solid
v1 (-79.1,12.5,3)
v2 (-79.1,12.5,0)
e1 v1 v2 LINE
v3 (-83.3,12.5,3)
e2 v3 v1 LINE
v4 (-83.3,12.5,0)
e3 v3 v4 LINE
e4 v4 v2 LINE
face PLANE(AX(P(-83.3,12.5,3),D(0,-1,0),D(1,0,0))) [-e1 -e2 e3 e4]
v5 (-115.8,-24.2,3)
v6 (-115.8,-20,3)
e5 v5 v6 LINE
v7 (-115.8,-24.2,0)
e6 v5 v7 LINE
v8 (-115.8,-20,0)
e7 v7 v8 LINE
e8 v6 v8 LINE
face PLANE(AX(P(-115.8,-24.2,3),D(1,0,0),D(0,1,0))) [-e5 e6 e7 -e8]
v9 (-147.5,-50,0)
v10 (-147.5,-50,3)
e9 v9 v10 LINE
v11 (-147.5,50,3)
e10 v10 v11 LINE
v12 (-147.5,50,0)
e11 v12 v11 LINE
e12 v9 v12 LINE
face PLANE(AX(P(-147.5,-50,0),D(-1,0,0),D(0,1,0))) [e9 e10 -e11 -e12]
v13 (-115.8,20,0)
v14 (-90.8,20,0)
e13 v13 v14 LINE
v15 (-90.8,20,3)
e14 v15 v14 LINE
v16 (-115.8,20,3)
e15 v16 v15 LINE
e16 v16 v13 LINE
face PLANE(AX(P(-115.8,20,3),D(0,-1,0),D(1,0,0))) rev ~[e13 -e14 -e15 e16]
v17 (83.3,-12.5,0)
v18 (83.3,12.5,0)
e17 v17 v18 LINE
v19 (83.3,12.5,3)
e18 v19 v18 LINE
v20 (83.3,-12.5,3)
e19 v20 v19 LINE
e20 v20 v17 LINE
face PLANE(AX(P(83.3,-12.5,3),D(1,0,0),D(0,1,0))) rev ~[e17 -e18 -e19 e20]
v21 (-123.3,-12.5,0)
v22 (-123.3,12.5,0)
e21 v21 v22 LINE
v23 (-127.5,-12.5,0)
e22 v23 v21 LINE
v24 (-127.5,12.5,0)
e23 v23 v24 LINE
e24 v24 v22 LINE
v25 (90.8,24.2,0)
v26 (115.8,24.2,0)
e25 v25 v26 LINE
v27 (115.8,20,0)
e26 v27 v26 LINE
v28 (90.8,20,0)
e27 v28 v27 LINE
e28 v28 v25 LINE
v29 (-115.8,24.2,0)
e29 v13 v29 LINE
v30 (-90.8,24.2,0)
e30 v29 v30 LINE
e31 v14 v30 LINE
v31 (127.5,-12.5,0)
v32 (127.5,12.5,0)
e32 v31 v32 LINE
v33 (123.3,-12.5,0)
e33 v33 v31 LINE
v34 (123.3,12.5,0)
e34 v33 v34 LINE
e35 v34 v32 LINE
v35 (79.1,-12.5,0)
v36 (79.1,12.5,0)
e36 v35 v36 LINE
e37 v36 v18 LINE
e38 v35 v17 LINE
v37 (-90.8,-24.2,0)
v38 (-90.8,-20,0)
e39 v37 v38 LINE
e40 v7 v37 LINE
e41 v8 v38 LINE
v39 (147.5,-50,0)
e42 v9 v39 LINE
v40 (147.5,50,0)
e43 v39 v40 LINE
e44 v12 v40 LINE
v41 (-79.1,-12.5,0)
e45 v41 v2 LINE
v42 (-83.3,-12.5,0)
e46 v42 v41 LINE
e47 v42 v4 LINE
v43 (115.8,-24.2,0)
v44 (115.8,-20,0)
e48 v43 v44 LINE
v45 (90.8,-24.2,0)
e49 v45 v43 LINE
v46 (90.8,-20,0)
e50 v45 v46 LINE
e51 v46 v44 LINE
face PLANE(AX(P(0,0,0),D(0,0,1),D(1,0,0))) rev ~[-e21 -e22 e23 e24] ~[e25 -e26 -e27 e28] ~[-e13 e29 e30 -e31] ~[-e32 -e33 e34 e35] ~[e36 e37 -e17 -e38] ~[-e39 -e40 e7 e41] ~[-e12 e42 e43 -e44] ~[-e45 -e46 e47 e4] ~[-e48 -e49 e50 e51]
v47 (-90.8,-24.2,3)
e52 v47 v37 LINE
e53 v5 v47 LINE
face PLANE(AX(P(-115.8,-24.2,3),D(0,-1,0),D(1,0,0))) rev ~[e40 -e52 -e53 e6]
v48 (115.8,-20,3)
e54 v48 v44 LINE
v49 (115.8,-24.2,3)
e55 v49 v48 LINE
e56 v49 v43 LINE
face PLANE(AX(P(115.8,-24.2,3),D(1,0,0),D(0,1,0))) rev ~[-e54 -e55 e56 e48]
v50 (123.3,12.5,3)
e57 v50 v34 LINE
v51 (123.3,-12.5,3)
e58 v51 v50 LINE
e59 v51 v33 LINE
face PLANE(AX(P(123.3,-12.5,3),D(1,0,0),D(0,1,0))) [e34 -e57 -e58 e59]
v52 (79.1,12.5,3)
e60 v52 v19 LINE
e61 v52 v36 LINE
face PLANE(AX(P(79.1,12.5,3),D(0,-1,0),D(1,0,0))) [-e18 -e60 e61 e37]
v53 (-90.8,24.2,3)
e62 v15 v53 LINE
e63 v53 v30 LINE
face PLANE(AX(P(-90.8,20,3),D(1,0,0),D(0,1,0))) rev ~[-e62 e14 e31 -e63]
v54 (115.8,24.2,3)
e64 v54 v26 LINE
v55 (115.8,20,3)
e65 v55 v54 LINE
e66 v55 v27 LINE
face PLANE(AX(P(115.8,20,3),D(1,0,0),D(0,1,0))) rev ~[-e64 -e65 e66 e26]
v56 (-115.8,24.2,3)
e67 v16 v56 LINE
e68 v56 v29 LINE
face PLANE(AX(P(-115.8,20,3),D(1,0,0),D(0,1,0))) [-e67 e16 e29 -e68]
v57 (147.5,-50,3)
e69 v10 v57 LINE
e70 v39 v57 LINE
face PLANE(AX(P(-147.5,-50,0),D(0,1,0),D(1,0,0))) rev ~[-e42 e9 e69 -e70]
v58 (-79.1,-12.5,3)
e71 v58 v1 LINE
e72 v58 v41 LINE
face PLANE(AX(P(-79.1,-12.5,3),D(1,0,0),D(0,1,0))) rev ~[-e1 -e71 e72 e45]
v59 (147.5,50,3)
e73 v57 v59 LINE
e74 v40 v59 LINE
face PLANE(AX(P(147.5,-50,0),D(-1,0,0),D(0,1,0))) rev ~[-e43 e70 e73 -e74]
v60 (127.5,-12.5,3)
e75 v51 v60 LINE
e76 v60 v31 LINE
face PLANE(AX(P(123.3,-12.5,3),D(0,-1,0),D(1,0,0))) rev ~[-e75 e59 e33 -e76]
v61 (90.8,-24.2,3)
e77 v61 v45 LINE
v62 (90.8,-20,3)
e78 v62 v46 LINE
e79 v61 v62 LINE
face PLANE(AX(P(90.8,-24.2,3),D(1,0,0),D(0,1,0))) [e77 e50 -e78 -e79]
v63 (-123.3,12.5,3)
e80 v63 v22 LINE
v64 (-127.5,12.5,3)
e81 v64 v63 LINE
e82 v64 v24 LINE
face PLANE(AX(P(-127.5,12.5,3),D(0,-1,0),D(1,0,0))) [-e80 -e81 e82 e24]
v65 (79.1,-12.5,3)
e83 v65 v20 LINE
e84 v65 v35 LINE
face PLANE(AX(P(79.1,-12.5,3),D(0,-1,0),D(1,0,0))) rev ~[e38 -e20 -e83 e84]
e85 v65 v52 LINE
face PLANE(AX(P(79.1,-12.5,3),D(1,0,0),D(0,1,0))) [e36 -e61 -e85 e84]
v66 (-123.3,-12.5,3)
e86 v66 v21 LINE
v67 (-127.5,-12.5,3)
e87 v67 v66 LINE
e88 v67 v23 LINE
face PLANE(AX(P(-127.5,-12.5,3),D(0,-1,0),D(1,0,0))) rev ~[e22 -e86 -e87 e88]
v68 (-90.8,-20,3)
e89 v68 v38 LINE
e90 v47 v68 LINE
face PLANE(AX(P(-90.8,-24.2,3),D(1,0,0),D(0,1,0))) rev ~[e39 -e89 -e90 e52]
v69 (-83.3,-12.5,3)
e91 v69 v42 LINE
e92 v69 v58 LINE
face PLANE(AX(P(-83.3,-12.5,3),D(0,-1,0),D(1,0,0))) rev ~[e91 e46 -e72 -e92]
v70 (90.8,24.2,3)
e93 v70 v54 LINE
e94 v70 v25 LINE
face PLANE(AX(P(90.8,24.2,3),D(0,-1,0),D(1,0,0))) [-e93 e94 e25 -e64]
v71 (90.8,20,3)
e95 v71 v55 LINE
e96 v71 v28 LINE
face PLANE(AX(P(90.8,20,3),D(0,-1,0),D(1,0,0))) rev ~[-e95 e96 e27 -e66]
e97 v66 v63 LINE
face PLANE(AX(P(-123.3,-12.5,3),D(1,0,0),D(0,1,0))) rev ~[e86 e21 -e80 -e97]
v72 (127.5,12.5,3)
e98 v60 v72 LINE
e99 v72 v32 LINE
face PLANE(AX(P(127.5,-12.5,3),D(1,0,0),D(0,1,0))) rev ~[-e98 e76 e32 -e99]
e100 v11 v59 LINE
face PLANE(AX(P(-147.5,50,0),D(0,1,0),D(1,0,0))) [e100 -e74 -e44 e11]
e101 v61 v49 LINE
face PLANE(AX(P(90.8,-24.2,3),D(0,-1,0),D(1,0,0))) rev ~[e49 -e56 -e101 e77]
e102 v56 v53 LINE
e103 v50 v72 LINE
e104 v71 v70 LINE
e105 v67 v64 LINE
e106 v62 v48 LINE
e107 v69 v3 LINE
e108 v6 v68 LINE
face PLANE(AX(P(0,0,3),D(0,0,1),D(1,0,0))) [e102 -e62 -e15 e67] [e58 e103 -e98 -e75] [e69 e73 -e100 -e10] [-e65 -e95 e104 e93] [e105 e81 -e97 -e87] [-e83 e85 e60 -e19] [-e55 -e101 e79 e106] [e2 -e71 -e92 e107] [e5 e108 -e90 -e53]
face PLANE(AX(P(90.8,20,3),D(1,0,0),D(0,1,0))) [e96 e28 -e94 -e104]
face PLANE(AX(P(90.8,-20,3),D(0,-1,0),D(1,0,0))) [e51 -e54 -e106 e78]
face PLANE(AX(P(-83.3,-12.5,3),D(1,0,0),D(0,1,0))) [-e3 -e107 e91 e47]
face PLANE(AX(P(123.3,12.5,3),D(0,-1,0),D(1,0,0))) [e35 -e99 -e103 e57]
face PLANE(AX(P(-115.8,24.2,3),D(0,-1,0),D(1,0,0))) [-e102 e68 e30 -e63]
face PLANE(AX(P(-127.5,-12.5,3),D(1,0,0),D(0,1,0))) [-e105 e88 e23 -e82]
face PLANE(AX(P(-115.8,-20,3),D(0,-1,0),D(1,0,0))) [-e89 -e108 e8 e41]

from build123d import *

# Parameters (mm, degrees)
ESBO_O1_W                = 295
ESBO_O1_H                = 100
RESSALTO_EXTRUS_O1_DEPTH = 3
ESBO_O2_W                = 4.2
ESBO_O2_H                = 25
ESBO_O2_W_2              = 25
ESBO_O2_H_2              = 4.2
CORTE_EXTRUS_O1_DEPTH    = 156.773072127


with BuildPart() as part:
    # Esboço1 → Ressalto-extrusão1 (new body)
    with BuildSketch(Plane.XY):
        Rectangle(ESBO_O1_W, ESBO_O1_H)
    extrude(amount=RESSALTO_EXTRUS_O1_DEPTH)

    # Esboço2 → Corte-extrusão1 (cut, through all)
    with BuildSketch(Plane.XY.offset(3)):
        with Locations((125.4, 0)):
            Rectangle(ESBO_O2_W, ESBO_O2_H)
        with Locations((-81.2, 0)):
            Rectangle(ESBO_O2_W, ESBO_O2_H)
        with Locations((-125.4, 0)):
            Rectangle(ESBO_O2_W, ESBO_O2_H)
        with Locations((-103.3, 22.1)):
            Rectangle(ESBO_O2_W_2, ESBO_O2_H_2)
        with Locations((-103.3, -22.1)):
            Rectangle(ESBO_O2_W_2, ESBO_O2_H_2)
        with Locations((81.2, 0)):
            Rectangle(ESBO_O2_W, ESBO_O2_H)
        with Locations((103.3, -22.1)):
            Rectangle(ESBO_O2_W_2, ESBO_O2_H_2)
        with Locations((103.3, 22.1)):
            Rectangle(ESBO_O2_W_2, ESBO_O2_H_2)
    extrude(amount=-CORTE_EXTRUS_O1_DEPTH, mode=Mode.SUBTRACT)


solid = part.part
